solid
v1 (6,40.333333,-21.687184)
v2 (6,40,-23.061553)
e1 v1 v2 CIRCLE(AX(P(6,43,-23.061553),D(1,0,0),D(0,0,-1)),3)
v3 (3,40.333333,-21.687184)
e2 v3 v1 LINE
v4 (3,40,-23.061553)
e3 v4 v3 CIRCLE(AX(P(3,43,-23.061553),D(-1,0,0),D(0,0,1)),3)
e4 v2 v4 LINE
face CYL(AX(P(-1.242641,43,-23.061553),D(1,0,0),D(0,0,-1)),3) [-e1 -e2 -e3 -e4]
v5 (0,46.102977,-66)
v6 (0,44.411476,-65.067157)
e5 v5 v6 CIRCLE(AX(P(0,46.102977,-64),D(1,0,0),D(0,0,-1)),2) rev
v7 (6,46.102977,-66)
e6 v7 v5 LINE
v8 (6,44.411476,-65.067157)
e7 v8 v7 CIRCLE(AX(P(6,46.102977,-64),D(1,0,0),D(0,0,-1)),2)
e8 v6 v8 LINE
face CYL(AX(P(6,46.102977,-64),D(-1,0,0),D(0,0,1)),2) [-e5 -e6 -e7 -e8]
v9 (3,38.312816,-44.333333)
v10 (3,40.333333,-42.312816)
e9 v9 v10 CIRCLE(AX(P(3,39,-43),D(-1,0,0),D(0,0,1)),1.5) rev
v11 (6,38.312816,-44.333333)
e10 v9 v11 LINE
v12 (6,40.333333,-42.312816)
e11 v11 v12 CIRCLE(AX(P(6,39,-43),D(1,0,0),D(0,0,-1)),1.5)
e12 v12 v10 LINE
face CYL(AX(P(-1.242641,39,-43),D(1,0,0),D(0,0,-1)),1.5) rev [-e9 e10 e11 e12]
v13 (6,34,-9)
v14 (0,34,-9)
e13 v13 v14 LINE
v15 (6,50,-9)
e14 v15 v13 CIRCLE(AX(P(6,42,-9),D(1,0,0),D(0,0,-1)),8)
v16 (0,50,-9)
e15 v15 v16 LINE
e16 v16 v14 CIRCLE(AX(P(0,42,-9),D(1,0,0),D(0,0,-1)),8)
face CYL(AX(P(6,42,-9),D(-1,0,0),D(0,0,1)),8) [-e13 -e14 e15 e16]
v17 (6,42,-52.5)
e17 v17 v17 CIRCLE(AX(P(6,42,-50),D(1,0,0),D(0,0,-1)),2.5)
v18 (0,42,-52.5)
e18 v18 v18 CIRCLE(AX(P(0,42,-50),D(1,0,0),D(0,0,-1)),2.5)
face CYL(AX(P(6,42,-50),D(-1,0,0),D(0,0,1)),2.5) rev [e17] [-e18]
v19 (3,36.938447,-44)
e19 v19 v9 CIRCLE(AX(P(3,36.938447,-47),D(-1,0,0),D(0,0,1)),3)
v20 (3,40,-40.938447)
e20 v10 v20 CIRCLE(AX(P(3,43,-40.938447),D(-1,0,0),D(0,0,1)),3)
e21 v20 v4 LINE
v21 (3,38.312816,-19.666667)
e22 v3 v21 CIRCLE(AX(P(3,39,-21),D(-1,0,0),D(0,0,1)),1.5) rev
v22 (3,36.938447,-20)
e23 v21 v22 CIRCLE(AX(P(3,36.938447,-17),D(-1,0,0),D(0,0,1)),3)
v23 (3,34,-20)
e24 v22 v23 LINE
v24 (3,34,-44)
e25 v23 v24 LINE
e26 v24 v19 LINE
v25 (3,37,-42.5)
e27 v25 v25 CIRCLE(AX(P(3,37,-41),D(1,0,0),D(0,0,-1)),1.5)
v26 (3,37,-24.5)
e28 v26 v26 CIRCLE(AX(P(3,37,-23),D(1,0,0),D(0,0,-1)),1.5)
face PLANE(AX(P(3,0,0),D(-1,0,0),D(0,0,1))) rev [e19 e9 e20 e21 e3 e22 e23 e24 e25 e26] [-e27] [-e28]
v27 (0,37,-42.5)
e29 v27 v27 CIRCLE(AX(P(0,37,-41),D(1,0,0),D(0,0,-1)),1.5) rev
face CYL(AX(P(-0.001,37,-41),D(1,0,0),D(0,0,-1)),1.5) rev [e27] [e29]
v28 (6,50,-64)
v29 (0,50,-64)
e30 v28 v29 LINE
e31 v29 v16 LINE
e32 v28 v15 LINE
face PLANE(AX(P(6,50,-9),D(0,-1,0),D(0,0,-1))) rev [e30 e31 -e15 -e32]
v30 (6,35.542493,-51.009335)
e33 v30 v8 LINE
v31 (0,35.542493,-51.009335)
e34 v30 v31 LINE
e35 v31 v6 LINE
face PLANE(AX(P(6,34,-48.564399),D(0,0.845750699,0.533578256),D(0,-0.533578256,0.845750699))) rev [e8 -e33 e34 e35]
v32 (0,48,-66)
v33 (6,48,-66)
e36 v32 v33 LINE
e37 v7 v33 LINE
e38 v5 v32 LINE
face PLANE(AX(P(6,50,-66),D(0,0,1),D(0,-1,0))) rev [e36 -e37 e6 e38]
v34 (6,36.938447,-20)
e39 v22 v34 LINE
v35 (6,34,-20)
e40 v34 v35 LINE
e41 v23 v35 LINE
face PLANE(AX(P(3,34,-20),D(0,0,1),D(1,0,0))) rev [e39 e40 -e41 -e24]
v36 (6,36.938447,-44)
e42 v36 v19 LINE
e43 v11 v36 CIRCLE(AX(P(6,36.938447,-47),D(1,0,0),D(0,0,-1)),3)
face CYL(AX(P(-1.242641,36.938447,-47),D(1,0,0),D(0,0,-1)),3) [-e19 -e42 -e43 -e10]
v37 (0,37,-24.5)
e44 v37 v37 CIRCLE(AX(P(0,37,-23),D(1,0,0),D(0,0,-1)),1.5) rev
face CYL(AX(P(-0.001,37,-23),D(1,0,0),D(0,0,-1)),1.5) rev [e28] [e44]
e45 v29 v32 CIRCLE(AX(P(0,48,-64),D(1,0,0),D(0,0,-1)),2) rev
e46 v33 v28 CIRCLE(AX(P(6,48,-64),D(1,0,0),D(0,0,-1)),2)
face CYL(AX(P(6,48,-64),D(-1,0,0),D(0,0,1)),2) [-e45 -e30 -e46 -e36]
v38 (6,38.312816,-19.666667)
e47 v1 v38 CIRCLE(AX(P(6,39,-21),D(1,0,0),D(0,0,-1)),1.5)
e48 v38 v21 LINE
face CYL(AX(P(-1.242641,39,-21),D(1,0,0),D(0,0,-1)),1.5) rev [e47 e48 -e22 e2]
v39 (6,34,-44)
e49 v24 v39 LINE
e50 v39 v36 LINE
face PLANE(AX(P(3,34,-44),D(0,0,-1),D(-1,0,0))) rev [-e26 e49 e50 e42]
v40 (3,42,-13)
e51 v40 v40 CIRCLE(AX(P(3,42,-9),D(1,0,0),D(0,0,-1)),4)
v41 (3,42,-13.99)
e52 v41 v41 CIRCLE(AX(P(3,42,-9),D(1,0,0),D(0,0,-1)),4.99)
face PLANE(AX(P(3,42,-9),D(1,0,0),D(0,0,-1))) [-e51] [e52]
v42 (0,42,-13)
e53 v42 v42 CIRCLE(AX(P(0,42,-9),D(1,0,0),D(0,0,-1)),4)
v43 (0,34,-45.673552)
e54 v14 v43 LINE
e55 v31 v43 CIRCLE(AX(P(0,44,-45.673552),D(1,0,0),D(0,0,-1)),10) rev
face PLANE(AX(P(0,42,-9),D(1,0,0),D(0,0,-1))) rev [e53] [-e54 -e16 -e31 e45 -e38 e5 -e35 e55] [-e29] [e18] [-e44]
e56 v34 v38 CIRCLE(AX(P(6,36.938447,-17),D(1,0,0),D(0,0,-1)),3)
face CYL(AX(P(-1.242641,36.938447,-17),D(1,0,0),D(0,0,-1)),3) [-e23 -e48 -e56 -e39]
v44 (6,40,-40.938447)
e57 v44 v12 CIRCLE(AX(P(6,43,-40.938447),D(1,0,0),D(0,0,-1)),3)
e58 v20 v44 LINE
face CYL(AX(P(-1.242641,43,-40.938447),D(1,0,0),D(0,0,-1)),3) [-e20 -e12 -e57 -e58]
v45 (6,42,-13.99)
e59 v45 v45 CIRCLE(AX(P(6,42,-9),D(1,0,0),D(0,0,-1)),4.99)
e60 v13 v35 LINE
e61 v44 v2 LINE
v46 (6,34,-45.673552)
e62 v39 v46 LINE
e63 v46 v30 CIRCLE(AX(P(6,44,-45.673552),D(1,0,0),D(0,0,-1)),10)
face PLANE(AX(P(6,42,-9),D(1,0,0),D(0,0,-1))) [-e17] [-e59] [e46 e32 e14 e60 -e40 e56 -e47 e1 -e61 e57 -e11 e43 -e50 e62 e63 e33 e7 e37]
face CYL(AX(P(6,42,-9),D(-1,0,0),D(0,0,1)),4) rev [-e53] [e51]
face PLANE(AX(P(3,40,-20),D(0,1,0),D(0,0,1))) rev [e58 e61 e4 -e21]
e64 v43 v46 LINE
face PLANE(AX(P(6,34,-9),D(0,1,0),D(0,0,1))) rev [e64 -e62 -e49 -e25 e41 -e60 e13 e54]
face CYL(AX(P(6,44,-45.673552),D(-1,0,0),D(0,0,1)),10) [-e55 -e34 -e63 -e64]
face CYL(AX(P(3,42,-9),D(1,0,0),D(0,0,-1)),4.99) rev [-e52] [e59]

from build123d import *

# Parameters (mm, degrees)
SKETCH27_R          = 4
SKETCH27_R_2        = 2.5
BOSS_EXTRUDE1_DEPTH = 6
SKETCH33_R          = 4.99
CUT_EXTRUDE2_DEPTH  = 3
SKETCH34_W          = 24
SKETCH34_H          = 6
CUT_EXTRUDE3_DEPTH  = 3
SKETCH35_R          = 1.5
CUT_EXTRUDE4_DEPTH  = 3
FILLET1_R           = 3
CUT_EXTRUDE5_REACH  = 5
SKETCH36_R          = 1.5
FILLET3_R           = 2
FILLET4_R           = 10


with BuildPart() as part:
    # Sketch27 → Boss-Extrude1 (new body)
    with BuildSketch(Plane(origin=(0, 0, 0), x_dir=(0, 0, -1), z_dir=(1, 0, 0))):
        with BuildLine():
            Line((9, 50), (66, 50))
            Line((66, 50), (66, 45))
            Line((66, 45), (48.564398788, 34))
            Line((48.564398788, 34), (9, 34))
            ThreePointArc((9, 34), (1, 42), (9, 50))
        make_face()
        with Locations((9, 42)):
            Circle(SKETCH27_R, mode=Mode.SUBTRACT)
        with Locations((50, 42)):
            Circle(SKETCH27_R_2, mode=Mode.SUBTRACT)
    extrude(amount=BOSS_EXTRUDE1_DEPTH)

    # Sketch33 → Cut-Extrude2 (cut)
    with BuildSketch(Plane(origin=(6, 0, 0), x_dir=(0, 0, -1), z_dir=(1, 0, 0))):
        with Locations((9, 42)):
            Circle(SKETCH33_R)
    extrude(amount=-CUT_EXTRUDE2_DEPTH, mode=Mode.SUBTRACT)

    # Sketch34 → Cut-Extrude3 (cut)
    with BuildSketch(Plane(origin=(6, 0, 0), x_dir=(0, 0, -1), z_dir=(1, 0, 0))):
        with Locations((32, 37)):
            Rectangle(SKETCH34_W, SKETCH34_H)
    extrude(amount=-CUT_EXTRUDE3_DEPTH, mode=Mode.SUBTRACT)

    # Sketch35 → Cut-Extrude4 (cut)
    with BuildSketch(Plane(origin=(6, 0, 0), x_dir=(0, 0, -1), z_dir=(1, 0, 0))):
        with Locations((21, 39)):
            Circle(SKETCH35_R)
        with Locations((43, 39)):
            Circle(SKETCH35_R)
    extrude(amount=-CUT_EXTRUDE4_DEPTH, mode=Mode.SUBTRACT)

    # Fillet1
    fillet1_edges = [part.edges().sort_by_distance(p)[0] for p in [
        (4.5, 37.881966011, -20),
        (4.5, 40, -22.118033989),
        (4.5, 40, -41.881966011),
        (4.5, 37.881966011, -44),
    ]]
    fillet(fillet1_edges, radius=FILLET1_R)

    # Sketch36 → Cut-Extrude5 (cut, up to next)
    with BuildSketch(Plane(origin=(3, 0, 0), x_dir=(0, 0, -1), z_dir=(1, 0, 0)), mode=Mode.PRIVATE) as cut_extrude5_sk1:
        with Locations((23, 37)):
            Circle(SKETCH36_R)
    cut_extrude5_tool1 = extrude(cut_extrude5_sk1.sketch, amount=-CUT_EXTRUDE5_REACH, mode=Mode.PRIVATE) & part.part
    add(cut_extrude5_tool1.solids().sort_by_distance((3, 37, -23))[0], mode=Mode.SUBTRACT)
    # Sketch36 → Cut-Extrude5 (cut, up to next)
    with BuildSketch(Plane(origin=(3, 0, 0), x_dir=(0, 0, -1), z_dir=(1, 0, 0)), mode=Mode.PRIVATE) as cut_extrude5_sk2:
        with Locations((41, 37)):
            Circle(SKETCH36_R)
    cut_extrude5_tool2 = extrude(cut_extrude5_sk2.sketch, amount=-CUT_EXTRUDE5_REACH, mode=Mode.PRIVATE) & part.part
    add(cut_extrude5_tool2.solids().sort_by_distance((3, 37, -41))[0], mode=Mode.SUBTRACT)

    # Fillet3
    fillet3_edges = [part.edges().sort_by_distance(p)[0] for p in [
        (3, 50, -66),
        (3, 45, -66),
    ]]
    fillet(fillet3_edges, radius=FILLET3_R)

    # Fillet4
    fillet4_edges = [part.edges().sort_by_distance(p)[0] for p in [
        (3, 34, -48.564398788),
    ]]
    fillet(fillet4_edges, radius=FILLET4_R)


solid = part.part
